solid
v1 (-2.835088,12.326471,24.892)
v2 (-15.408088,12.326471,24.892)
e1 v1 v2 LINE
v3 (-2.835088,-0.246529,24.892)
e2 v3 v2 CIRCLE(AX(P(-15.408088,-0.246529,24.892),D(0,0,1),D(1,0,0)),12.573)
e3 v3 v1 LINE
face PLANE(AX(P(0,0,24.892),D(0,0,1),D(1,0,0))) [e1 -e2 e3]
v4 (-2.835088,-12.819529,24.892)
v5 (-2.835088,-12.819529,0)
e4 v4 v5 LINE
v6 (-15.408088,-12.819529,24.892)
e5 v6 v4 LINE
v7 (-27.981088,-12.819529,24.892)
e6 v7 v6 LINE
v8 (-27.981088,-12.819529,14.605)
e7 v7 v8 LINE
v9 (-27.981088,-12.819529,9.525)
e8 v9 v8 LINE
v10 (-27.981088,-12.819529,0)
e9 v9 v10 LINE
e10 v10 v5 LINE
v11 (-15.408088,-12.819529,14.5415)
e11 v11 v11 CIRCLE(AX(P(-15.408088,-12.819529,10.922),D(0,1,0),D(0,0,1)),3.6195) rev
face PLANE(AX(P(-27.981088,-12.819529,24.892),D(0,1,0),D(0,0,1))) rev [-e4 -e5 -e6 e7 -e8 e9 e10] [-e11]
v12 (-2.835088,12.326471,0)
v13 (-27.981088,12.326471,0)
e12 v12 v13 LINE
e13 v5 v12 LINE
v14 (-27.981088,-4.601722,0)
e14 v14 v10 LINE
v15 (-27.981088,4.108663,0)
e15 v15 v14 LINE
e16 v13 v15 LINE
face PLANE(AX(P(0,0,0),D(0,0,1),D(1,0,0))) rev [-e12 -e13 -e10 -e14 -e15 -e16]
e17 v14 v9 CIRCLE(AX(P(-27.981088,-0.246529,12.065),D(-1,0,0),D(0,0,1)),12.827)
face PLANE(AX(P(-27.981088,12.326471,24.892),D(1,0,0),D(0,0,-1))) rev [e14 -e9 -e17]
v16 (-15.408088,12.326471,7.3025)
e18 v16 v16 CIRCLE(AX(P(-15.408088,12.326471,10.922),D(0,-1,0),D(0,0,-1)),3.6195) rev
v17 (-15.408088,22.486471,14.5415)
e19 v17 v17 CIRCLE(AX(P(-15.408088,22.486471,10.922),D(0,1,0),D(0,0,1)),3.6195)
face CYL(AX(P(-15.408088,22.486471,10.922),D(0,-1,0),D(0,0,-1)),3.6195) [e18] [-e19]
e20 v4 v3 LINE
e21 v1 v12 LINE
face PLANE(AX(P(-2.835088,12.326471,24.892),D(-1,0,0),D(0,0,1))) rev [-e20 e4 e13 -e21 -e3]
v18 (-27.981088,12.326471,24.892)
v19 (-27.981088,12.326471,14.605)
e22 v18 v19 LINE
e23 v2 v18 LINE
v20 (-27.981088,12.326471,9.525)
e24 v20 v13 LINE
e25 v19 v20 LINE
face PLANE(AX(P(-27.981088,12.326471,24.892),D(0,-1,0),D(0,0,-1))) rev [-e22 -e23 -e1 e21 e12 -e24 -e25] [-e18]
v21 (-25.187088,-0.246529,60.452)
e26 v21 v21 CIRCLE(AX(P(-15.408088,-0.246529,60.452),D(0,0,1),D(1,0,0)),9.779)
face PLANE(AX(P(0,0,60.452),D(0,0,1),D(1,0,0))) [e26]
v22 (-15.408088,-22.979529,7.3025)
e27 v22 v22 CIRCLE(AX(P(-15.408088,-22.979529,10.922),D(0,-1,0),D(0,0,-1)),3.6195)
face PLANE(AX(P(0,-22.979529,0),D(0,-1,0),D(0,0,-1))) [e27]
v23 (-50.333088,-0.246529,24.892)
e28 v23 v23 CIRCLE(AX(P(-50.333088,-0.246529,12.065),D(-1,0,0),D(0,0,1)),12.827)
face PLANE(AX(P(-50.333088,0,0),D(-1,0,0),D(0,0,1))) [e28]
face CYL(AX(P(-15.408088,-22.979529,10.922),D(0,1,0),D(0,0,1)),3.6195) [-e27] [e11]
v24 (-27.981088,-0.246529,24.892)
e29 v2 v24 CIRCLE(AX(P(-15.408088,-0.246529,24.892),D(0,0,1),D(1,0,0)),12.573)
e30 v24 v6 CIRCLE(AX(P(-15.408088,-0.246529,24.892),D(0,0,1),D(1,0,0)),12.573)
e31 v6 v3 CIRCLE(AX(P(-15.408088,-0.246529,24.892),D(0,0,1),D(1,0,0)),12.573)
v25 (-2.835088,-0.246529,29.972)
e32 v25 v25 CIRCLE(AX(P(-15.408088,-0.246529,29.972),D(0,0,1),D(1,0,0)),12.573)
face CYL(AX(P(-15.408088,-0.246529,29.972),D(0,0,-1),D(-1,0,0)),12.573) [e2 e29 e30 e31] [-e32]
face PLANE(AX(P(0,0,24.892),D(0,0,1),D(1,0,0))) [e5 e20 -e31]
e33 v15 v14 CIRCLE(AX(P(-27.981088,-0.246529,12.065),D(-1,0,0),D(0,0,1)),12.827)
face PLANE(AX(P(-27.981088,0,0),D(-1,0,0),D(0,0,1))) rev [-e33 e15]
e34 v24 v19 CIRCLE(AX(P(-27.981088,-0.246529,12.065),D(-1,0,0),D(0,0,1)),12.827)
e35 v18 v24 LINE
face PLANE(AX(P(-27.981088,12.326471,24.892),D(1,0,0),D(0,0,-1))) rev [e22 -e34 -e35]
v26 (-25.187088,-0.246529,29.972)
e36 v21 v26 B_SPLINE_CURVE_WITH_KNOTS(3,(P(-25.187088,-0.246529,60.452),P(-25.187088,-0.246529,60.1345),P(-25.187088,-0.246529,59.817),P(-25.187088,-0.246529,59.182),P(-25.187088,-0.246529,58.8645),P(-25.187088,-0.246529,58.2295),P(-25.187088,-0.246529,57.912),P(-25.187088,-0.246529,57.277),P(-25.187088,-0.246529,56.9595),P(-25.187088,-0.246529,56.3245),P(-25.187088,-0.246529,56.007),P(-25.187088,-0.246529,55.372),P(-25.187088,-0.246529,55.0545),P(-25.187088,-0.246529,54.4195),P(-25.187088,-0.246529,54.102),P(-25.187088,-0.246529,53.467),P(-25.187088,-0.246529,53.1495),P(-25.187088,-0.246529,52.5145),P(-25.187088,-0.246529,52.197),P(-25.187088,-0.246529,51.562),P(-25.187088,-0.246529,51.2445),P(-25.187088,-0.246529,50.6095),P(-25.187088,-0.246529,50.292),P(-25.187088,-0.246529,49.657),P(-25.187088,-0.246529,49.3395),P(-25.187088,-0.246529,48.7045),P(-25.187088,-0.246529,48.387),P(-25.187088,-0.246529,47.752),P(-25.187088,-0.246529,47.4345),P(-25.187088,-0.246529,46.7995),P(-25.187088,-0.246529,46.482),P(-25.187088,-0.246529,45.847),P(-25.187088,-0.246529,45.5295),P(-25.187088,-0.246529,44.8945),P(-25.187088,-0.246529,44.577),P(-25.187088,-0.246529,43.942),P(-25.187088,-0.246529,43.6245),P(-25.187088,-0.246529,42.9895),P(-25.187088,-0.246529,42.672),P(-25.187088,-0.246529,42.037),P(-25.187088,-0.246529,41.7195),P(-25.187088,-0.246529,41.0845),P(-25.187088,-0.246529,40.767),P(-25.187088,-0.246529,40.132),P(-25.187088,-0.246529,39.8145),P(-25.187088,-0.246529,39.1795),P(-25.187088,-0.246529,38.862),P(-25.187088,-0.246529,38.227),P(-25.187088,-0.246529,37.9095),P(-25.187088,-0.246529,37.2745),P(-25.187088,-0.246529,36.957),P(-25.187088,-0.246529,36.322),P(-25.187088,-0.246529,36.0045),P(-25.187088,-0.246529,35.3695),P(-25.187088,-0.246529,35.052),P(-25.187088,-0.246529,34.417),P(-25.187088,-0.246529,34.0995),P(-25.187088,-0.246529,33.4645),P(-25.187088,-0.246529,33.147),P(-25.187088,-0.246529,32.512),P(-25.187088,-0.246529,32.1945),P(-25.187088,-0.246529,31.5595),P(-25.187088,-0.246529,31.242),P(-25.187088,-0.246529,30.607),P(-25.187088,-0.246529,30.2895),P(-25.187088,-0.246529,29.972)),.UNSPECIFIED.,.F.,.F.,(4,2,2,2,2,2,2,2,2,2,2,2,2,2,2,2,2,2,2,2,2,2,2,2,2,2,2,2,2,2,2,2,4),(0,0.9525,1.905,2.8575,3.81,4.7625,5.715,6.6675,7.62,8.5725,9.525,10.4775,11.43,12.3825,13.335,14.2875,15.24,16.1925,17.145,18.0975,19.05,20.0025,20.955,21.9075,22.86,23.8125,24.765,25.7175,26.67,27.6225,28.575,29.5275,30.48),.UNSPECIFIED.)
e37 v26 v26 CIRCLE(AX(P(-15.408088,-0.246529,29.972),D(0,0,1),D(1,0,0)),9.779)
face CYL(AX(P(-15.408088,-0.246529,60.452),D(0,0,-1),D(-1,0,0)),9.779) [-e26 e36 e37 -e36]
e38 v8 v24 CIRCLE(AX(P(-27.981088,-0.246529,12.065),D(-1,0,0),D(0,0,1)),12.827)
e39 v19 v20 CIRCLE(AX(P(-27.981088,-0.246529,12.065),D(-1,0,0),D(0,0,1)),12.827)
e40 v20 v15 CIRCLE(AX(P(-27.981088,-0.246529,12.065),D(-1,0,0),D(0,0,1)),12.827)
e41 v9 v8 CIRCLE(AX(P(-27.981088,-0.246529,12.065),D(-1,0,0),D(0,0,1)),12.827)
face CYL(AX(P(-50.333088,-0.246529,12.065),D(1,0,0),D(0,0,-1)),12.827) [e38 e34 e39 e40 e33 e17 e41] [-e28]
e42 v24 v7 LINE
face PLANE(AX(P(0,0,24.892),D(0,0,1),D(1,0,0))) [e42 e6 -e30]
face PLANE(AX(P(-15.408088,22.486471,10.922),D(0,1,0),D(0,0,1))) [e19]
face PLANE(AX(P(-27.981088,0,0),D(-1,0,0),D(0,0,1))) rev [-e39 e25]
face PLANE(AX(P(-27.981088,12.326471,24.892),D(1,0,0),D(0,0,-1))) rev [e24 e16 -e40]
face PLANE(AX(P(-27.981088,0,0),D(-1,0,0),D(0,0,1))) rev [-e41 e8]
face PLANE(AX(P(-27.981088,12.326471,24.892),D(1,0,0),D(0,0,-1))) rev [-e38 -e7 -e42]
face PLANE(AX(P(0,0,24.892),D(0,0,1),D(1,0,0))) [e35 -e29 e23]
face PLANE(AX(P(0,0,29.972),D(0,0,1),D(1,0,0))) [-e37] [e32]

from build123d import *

# Parameters (mm, degrees)
SKETCH1_W           = 25.146
SKETCH1_H           = 25.146
BOSS_EXTRUDE1_DEPTH = 24.892
BOSS_EXTRUDE2_DEPTH = 5.08
SKETCH3_R           = 9.779
BOSS_EXTRUDE3_DEPTH = 30.48
SKETCH4_R           = 12.827
BOSS_EXTRUDE4_DEPTH = 22.352
SKETCH5_R           = 3.6195
BOSS_EXTRUDE5_DEPTH = 10.16
BOSS_EXTRUDE6_START = 10.16
SKETCH6_R           = 3.6195
BOSS_EXTRUDE6_DEPTH = 10.16


with BuildPart() as part:
    # Sketch1 → Boss-Extrude1 (new body)
    with BuildSketch(Plane.XY):
        with Locations((-15.408088235, -0.246529412)):
            Rectangle(SKETCH1_W, SKETCH1_H)
    extrude(amount=BOSS_EXTRUDE1_DEPTH)

    # Sketch2 → Boss-Extrude2 (add)
    with BuildSketch(Plane.XY.offset(24.892)):
        with BuildLine():
            ThreePointArc((-2.835088235, -0.246529412), (-6.517634675, 8.643924148), (-15.408088235, 12.326470588))
            Line((-15.408088235, 12.326470588), (-15.408088235, -0.246529412))
            Line((-15.408088235, -0.246529412), (-2.835088235, -0.246529412))
        make_face()
        with BuildLine():
            Line((-15.408088235, -0.246529412), (-15.408088235, 12.326470588))
            ThreePointArc((-15.408088235, 12.326470588), (-24.298541795, 8.643924148), (-27.981088235, -0.246529412))
            Line((-27.981088235, -0.246529412), (-15.408088235, -0.246529412))
        make_face()
        with BuildLine():
            Line((-2.835088235, -0.246529412), (-15.408088235, -0.246529412))
            Line((-15.408088235, -0.246529412), (-15.408088235, -12.819529412))
            ThreePointArc((-15.408088235, -12.819529412), (-6.517634675, -9.136982972), (-2.835088235, -0.246529412))
        make_face()
        with BuildLine():
            Line((-15.408088235, -12.819529412), (-15.408088235, -0.246529412))
            Line((-15.408088235, -0.246529412), (-27.981088235, -0.246529412))
            ThreePointArc((-27.981088235, -0.246529412), (-24.298541795, -9.136982972), (-15.408088235, -12.819529412))
        make_face()
        with BuildLine():
            ThreePointArc((-2.835088235, -0.246529412), (-6.517634675, 8.643924148), (-15.408088235, 12.326470588))
            Line((-15.408088235, 12.326470588), (-15.408088235, -0.246529412))
            Line((-15.408088235, -0.246529412), (-2.835088235, -0.246529412))
        make_face()
        with BuildLine():
            Line((-15.408088235, -0.246529412), (-15.408088235, 12.326470588))
            ThreePointArc((-15.408088235, 12.326470588), (-24.298541795, 8.643924148), (-27.981088235, -0.246529412))
            Line((-27.981088235, -0.246529412), (-15.408088235, -0.246529412))
        make_face()
        with BuildLine():
            Line((-2.835088235, -0.246529412), (-15.408088235, -0.246529412))
            Line((-15.408088235, -0.246529412), (-15.408088235, -12.819529412))
            ThreePointArc((-15.408088235, -12.819529412), (-6.517634675, -9.136982972), (-2.835088235, -0.246529412))
        make_face()
        with BuildLine():
            Line((-15.408088235, -12.819529412), (-15.408088235, -0.246529412))
            Line((-15.408088235, -0.246529412), (-27.981088235, -0.246529412))
            ThreePointArc((-27.981088235, -0.246529412), (-24.298541795, -9.136982972), (-15.408088235, -12.819529412))
        make_face()
        with BuildLine():
            ThreePointArc((-2.835088235, -0.246529412), (-6.517634675, 8.643924148), (-15.408088235, 12.326470588))
            Line((-15.408088235, 12.326470588), (-15.408088235, -0.246529412))
            Line((-15.408088235, -0.246529412), (-2.835088235, -0.246529412))
        make_face()
        with BuildLine():
            Line((-15.408088235, -0.246529412), (-15.408088235, 12.326470588))
            ThreePointArc((-15.408088235, 12.326470588), (-24.298541795, 8.643924148), (-27.981088235, -0.246529412))
            Line((-27.981088235, -0.246529412), (-15.408088235, -0.246529412))
        make_face()
        with BuildLine():
            Line((-2.835088235, -0.246529412), (-15.408088235, -0.246529412))
            Line((-15.408088235, -0.246529412), (-15.408088235, -12.819529412))
            ThreePointArc((-15.408088235, -12.819529412), (-6.517634675, -9.136982972), (-2.835088235, -0.246529412))
        make_face()
        with BuildLine():
            Line((-15.408088235, -12.819529412), (-15.408088235, -0.246529412))
            Line((-15.408088235, -0.246529412), (-27.981088235, -0.246529412))
            ThreePointArc((-27.981088235, -0.246529412), (-24.298541795, -9.136982972), (-15.408088235, -12.819529412))
        make_face()
        with BuildLine():
            ThreePointArc((-2.835088235, -0.246529412), (-6.517634675, 8.643924148), (-15.408088235, 12.326470588))
            Line((-15.408088235, 12.326470588), (-15.408088235, -0.246529412))
            Line((-15.408088235, -0.246529412), (-2.835088235, -0.246529412))
        make_face()
        with BuildLine():
            Line((-15.408088235, -0.246529412), (-15.408088235, 12.326470588))
            ThreePointArc((-15.408088235, 12.326470588), (-24.298541795, 8.643924148), (-27.981088235, -0.246529412))
            Line((-27.981088235, -0.246529412), (-15.408088235, -0.246529412))
        make_face()
        with BuildLine():
            Line((-2.835088235, -0.246529412), (-15.408088235, -0.246529412))
            Line((-15.408088235, -0.246529412), (-15.408088235, -12.819529412))
            ThreePointArc((-15.408088235, -12.819529412), (-6.517634675, -9.136982972), (-2.835088235, -0.246529412))
        make_face()
        with BuildLine():
            Line((-15.408088235, -12.819529412), (-15.408088235, -0.246529412))
            Line((-15.408088235, -0.246529412), (-27.981088235, -0.246529412))
            ThreePointArc((-27.981088235, -0.246529412), (-24.298541795, -9.136982972), (-15.408088235, -12.819529412))
        make_face()
    extrude(amount=BOSS_EXTRUDE2_DEPTH)

    # Sketch3 → Boss-Extrude3 (add)
    with BuildSketch(Plane.XY.offset(29.972)):
        with Locations(Location((-15.408088235, -0.246529412, 0), (0, 0, 180))):
            Circle(SKETCH3_R)
    extrude(amount=BOSS_EXTRUDE3_DEPTH)

    # Sketch4 → Boss-Extrude4 (add)
    with BuildSketch(Plane.ZY.offset(27.981088235)):
        with Locations((12.065, -0.246529412)):
            Circle(SKETCH4_R)
    extrude(amount=BOSS_EXTRUDE4_DEPTH)

    # Sketch5 → Boss-Extrude5 (add)
    with BuildSketch(Plane.XZ.offset(12.819529412)):
        with Locations(Location((-15.408088235, 10.922, 0), (0, 0, 90))):
            Circle(SKETCH5_R)
    extrude(amount=BOSS_EXTRUDE5_DEPTH)

    # Sketch6 → Boss-Extrude6 (add)
    with BuildSketch(Plane(origin=(0, 12.326470588, 0), x_dir=(1, 0, 0), z_dir=(0, 1, 0)).offset(BOSS_EXTRUDE6_START)):
        with Locations(Location((-15.408088235, -10.922, 0), (0, 0, 270))):
            Circle(SKETCH6_R)
    extrude(amount=-BOSS_EXTRUDE6_DEPTH)


solid = part.part
